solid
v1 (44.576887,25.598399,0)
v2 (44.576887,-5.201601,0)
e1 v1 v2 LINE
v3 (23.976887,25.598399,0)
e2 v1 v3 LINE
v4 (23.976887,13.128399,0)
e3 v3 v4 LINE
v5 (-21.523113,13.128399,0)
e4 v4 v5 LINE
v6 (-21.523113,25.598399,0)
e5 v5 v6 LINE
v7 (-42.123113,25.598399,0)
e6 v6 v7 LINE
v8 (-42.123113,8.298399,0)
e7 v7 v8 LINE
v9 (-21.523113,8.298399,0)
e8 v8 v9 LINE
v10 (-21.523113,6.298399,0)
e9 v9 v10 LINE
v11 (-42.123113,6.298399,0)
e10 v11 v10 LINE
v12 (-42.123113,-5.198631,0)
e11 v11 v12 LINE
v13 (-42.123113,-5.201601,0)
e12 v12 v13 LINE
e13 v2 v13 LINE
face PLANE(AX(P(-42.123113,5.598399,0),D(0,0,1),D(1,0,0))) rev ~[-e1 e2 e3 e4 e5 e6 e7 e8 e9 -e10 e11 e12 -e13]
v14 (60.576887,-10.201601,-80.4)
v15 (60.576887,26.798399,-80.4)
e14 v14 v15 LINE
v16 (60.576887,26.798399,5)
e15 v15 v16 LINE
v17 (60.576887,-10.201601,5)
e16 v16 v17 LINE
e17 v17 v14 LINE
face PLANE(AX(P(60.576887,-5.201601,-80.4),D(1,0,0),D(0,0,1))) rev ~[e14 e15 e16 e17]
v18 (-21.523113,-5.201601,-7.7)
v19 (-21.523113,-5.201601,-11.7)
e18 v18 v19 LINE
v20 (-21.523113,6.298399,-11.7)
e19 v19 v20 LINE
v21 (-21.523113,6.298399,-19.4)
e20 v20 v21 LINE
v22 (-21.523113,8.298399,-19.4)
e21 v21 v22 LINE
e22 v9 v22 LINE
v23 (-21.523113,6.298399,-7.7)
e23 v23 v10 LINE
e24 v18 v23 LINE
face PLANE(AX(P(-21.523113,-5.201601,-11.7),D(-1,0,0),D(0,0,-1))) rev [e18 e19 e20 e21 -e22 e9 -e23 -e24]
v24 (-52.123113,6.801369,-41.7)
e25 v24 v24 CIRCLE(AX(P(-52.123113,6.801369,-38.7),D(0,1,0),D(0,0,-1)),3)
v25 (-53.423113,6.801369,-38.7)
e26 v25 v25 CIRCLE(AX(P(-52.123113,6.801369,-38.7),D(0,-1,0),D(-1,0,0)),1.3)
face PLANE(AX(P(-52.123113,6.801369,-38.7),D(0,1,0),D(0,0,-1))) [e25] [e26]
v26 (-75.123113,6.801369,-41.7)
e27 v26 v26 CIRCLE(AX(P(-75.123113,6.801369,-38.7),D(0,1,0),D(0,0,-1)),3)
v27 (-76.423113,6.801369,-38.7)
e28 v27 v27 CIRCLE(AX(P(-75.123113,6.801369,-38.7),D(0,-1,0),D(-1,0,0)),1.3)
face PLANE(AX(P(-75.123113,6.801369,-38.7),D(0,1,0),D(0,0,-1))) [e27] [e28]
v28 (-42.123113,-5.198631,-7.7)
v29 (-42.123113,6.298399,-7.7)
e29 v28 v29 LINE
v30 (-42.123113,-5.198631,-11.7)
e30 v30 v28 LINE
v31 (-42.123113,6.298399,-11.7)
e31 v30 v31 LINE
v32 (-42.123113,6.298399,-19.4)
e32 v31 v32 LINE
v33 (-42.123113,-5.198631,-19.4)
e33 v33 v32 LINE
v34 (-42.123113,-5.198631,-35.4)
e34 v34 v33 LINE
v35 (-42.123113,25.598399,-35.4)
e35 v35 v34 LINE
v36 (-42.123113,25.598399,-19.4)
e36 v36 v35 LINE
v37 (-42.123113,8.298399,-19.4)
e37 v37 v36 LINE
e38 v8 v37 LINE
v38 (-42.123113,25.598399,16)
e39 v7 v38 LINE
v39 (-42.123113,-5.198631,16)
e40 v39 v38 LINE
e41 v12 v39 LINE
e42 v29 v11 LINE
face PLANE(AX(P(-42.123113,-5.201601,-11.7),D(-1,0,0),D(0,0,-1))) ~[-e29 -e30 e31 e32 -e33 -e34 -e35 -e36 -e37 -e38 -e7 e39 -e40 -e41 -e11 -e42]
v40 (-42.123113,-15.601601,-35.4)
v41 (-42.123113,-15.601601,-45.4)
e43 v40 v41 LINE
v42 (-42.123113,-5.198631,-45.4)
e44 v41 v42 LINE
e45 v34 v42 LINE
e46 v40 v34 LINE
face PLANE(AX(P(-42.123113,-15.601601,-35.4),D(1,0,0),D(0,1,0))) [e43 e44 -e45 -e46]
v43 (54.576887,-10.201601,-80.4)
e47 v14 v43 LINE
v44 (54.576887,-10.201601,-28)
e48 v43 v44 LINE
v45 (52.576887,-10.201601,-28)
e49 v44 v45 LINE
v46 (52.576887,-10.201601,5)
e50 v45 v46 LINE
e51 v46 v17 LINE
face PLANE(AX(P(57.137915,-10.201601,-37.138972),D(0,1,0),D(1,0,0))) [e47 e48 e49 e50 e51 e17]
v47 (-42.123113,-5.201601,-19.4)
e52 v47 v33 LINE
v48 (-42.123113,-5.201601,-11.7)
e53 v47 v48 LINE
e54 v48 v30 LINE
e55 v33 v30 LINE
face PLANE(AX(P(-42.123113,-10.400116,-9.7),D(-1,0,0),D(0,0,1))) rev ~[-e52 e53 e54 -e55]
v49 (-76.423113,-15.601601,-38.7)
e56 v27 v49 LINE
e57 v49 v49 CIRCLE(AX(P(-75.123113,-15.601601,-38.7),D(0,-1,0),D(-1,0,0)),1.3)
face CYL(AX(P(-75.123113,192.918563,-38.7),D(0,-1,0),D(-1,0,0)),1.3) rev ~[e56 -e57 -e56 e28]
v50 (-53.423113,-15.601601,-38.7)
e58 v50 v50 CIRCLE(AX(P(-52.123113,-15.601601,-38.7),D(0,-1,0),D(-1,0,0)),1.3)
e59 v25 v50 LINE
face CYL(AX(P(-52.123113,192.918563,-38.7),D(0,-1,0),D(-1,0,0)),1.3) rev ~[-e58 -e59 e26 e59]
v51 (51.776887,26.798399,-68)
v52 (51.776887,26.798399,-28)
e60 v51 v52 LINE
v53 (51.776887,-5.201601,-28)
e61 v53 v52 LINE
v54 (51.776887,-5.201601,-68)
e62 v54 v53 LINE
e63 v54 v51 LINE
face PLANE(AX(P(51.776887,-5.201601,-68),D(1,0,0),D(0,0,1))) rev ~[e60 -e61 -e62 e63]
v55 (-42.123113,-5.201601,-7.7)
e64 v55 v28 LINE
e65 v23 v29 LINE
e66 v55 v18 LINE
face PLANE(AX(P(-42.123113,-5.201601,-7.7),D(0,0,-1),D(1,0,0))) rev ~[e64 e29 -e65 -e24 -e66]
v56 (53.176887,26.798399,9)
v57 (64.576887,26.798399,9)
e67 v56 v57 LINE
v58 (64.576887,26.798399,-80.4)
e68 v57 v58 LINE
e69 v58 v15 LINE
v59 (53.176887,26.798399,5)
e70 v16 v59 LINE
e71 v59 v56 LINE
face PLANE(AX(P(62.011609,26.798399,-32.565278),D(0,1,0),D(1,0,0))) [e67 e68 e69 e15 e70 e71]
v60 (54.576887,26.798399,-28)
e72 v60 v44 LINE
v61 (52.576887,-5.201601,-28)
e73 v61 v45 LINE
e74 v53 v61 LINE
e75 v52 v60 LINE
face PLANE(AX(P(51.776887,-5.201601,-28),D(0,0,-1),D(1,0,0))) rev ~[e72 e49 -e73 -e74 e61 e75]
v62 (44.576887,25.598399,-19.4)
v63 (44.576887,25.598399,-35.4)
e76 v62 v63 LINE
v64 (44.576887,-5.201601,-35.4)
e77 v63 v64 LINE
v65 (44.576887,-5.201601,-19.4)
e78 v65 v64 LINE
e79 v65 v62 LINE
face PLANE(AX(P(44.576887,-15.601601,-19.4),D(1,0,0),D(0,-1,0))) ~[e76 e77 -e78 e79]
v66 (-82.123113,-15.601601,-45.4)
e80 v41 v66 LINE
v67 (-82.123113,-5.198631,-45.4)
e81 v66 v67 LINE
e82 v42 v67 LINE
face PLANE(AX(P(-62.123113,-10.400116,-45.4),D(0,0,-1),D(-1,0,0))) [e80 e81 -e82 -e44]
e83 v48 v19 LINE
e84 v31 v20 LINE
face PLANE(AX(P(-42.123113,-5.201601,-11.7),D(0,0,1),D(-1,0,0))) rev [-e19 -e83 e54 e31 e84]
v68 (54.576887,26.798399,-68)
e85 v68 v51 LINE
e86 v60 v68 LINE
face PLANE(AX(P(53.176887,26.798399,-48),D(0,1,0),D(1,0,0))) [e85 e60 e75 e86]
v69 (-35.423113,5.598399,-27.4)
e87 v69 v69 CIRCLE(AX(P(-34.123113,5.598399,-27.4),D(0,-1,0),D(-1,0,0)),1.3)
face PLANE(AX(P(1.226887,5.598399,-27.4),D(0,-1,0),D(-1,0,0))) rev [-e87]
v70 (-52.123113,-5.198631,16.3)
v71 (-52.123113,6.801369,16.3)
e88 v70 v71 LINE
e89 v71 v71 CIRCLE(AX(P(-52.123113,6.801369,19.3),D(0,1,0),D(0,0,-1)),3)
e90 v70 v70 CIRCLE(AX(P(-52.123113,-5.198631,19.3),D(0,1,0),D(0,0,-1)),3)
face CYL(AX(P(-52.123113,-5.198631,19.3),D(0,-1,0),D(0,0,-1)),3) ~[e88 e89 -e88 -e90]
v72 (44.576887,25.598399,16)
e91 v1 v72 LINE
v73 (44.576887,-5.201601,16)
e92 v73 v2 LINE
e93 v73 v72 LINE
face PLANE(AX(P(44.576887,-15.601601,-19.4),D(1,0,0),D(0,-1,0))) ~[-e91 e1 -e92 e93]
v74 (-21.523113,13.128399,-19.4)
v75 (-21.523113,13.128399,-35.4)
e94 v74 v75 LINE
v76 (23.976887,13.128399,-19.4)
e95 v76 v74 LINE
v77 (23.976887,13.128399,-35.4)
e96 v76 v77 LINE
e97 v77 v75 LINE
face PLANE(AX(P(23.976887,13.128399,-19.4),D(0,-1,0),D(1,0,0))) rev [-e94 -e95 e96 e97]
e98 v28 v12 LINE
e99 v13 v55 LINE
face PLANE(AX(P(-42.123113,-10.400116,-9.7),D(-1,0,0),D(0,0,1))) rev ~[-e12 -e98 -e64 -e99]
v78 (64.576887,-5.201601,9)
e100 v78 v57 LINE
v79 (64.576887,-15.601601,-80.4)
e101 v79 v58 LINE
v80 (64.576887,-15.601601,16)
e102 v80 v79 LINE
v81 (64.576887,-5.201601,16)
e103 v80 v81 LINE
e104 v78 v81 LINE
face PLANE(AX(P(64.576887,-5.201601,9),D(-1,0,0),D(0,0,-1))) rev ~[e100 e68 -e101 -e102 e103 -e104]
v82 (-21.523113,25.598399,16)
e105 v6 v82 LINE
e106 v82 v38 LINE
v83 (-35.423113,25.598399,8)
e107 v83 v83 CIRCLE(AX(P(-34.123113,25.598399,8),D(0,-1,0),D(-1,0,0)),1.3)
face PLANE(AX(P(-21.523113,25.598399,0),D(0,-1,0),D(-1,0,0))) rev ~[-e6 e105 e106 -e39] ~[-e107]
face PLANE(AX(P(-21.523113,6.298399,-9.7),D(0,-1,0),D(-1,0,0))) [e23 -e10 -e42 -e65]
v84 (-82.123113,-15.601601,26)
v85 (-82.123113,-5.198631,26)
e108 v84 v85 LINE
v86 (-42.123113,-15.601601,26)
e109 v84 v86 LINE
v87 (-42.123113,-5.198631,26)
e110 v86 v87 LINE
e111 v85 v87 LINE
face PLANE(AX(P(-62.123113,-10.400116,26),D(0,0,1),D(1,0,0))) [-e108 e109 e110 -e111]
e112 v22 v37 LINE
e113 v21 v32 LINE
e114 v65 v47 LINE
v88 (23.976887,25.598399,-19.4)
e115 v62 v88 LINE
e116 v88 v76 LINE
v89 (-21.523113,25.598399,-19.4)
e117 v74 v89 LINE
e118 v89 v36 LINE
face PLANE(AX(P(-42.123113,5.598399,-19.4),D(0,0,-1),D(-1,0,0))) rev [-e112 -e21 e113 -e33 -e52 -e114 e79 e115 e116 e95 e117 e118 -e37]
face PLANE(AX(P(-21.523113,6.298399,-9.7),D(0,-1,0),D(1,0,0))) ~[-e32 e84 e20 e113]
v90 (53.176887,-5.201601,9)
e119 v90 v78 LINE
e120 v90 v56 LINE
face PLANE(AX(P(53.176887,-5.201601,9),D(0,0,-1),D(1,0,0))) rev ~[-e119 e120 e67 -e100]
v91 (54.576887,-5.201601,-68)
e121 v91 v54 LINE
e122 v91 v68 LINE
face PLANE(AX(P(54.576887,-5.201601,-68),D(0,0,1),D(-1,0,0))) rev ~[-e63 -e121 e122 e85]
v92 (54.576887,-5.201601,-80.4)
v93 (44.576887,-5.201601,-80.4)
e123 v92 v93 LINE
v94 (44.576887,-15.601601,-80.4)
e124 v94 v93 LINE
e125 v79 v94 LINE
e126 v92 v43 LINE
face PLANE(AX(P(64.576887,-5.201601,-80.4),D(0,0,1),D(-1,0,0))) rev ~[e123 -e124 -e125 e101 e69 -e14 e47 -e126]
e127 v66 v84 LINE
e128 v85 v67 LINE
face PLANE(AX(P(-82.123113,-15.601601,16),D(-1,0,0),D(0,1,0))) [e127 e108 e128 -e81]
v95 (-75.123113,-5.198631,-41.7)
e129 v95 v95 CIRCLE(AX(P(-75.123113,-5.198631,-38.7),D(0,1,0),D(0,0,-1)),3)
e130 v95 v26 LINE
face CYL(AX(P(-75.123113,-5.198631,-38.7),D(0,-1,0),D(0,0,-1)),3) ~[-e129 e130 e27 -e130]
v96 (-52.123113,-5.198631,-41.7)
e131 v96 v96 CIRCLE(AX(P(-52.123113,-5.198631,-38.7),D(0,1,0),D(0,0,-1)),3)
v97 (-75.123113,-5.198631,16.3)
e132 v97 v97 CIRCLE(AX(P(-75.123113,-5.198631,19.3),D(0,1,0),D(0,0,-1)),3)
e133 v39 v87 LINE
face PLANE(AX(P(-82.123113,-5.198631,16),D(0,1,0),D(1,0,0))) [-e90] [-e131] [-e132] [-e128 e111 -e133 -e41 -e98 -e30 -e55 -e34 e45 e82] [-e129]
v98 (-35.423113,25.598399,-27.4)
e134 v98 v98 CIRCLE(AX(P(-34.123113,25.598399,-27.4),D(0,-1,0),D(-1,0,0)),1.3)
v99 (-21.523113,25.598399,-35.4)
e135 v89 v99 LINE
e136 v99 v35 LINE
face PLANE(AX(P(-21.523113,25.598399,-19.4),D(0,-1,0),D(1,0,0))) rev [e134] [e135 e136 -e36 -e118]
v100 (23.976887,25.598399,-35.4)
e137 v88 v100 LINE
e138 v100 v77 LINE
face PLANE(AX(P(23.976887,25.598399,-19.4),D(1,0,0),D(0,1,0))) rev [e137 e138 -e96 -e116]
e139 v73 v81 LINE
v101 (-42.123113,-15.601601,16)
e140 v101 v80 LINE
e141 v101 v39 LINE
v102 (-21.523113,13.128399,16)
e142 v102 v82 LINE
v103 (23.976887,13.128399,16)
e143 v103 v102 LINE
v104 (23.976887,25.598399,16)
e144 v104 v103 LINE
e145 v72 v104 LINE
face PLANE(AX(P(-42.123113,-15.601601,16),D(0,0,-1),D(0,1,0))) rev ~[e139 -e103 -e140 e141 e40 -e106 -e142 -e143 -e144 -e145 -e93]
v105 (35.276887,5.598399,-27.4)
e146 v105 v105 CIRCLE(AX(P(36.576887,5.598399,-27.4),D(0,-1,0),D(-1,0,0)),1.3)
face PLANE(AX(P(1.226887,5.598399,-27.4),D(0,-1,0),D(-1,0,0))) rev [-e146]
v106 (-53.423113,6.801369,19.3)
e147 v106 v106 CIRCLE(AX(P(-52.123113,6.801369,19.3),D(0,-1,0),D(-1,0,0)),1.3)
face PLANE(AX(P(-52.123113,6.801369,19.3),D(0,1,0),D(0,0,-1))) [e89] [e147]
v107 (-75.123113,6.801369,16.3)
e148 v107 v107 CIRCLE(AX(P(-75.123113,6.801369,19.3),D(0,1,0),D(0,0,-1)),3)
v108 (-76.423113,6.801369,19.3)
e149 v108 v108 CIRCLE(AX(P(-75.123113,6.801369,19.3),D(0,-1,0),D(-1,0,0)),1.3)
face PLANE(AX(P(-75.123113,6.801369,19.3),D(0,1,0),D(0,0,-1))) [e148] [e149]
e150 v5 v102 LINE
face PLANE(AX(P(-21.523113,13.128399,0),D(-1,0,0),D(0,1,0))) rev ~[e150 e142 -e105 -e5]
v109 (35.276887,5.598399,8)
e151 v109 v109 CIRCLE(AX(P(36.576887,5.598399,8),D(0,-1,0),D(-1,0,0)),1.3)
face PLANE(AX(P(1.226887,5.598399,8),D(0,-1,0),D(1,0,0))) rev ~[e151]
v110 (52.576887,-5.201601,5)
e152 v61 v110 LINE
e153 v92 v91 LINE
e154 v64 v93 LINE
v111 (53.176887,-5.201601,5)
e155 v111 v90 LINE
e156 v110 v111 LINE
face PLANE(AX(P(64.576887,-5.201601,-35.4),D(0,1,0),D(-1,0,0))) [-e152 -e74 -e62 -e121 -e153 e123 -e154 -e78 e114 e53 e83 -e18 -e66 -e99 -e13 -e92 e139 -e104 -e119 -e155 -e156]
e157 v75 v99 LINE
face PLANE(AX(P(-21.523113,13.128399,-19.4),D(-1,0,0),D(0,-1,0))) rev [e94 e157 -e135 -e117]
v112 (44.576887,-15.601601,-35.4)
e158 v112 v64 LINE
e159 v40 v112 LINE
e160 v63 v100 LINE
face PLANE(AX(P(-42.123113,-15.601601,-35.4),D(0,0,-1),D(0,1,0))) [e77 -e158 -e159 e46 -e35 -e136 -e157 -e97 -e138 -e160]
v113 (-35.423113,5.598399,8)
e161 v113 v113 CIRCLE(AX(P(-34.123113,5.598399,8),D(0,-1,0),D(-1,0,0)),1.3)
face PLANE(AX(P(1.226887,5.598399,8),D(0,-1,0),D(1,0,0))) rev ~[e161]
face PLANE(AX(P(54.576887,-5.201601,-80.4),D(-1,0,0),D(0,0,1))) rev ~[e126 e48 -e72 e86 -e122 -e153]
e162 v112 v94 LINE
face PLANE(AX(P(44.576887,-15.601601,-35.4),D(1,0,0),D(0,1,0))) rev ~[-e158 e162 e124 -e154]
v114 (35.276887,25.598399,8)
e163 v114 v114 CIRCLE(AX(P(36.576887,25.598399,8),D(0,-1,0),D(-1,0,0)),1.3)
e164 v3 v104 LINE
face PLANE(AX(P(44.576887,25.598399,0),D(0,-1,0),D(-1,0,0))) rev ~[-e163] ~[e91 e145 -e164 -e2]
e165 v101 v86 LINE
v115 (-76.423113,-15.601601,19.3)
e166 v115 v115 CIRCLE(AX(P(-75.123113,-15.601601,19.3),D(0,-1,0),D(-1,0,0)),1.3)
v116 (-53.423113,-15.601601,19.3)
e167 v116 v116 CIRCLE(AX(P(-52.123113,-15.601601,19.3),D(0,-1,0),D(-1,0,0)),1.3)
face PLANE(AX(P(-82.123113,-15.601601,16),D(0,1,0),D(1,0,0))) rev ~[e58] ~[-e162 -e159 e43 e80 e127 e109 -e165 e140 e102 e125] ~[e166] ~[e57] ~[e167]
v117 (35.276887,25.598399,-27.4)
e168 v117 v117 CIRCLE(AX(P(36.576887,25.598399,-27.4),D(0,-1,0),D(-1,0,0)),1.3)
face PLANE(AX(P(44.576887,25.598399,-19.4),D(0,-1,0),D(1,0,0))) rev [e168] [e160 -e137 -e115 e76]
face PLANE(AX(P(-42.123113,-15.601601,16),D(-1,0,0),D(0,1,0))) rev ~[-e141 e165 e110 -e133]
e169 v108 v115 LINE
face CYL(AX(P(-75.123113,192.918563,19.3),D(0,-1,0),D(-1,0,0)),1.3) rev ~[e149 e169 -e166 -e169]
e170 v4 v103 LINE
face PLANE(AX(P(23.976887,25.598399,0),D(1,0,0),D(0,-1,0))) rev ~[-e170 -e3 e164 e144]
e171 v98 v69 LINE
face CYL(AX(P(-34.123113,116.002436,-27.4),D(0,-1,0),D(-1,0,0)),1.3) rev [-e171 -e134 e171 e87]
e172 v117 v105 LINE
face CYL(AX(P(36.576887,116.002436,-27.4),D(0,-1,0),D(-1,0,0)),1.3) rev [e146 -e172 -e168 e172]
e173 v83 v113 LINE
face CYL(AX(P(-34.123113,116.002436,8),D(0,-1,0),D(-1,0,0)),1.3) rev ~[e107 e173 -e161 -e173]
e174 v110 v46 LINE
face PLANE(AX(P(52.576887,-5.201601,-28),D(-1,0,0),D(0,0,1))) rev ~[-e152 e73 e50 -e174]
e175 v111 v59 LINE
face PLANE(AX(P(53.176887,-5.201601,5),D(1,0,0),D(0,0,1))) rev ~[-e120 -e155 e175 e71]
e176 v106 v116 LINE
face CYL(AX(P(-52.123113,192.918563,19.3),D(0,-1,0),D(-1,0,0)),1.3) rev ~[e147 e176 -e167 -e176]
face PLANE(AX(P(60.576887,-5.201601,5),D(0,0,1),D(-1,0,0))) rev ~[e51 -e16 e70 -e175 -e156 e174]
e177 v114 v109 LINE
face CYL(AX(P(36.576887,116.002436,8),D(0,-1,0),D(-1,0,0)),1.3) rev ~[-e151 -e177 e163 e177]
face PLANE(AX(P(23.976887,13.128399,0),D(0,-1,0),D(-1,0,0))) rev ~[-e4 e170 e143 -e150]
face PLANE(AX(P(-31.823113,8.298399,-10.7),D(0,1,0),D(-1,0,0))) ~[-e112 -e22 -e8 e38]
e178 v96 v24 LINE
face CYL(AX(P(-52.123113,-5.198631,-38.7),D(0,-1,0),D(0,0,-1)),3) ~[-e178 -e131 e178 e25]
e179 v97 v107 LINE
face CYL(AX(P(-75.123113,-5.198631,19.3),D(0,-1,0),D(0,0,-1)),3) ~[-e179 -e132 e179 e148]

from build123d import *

# Parameters (mm, degrees)
EXTRUDE_1_DEPTH     = 16
F_1_0MM_1_D         = 2.6
F_1_0MM_2_D         = 2.6
SKETCH_8_W          = 86.7
SKETCH_8_H          = 16
EXTRUDE_2_DEPTH     = 21.2
SKETCH_9_W          = 86.7
SKETCH_9_H          = 10.4
EXTRUDE_3_DEPTH     = 9.7
SKETCH_15_W         = 20.6
SKETCH_15_H         = 2
EXTRUDE_8_DEPTH     = 13.5
SKETCH_16_W         = 20.6
SKETCH_16_H         = 2
EXTRUDE_9_DEPTH     = 10.5
SKETCH_19_W         = 51.4
SKETCH_19_H         = 10.4
EXTRUDE_10_DEPTH    = 20
SKETCH_25_W         = 20
SKETCH_25_H         = 10.4
EXTRUDE_11_DEPTH    = 45
EXTRUDE_12_DEPTH    = 32
CUT_EXTRUDE_1_DEPTH = 5
SKETCH_29_W         = 51.4
SKETCH_29_H         = 10.402970243
EXTRUDE_13_DEPTH    = 40
SKETCH_32_W         = 40
SKETCH_32_H         = 10.402970243
EXTRUDE_14_DEPTH    = 10
SKETCH_33_W         = 40
SKETCH_33_H         = 10.402970243
EXTRUDE_15_DEPTH    = 10
SKETCH_34_R         = 3
EXTRUDE_16_DEPTH    = 12
F_1_0MM_3_D         = 2.6
F_1_0MM_4_D         = 2.6


with BuildPart() as part:
    # 草图1 → 凸台-拉伸1 (new body)
    with BuildSketch(Plane.XY):
        Polygon((-21.523113208, 25.59839861), (-42.123113208, 25.59839861), (-42.123113208, 5.59839861), (44.576886792, 5.59839861), (44.576886792, 25.59839861), (23.976886792, 25.59839861), (23.976886792, 13.12839861), (-21.523113208, 13.12839861), align=None)
    extrude_1 = extrude(amount=EXTRUDE_1_DEPTH)

    # Ø1.0mm 暗销孔1 (through all)
    with Locations(Plane(origin=(0, 25.59839861, 0), x_dir=(1, 0, 0), z_dir=(0, 1, 0))):
        with Locations((36.576886792, -8)):
            f_1_0mm_1 = Hole(F_1_0MM_1_D / 2)

    # Ø1.0mm 暗销孔2 (through all)
    with Locations(Plane(origin=(0, 25.59839861, 0), x_dir=(1, 0, 0), z_dir=(0, 1, 0))):
        with Locations((-34.123113208, -8)):
            f_1_0mm_2 = Hole(F_1_0MM_2_D / 2)

    # 草图8 → 凸台-拉伸2 (add)
    with BuildSketch(Plane.XZ.offset(-5.59839861)):
        with Locations((1.226886792, 8)):
            Rectangle(SKETCH_8_W, SKETCH_8_H)
    extrude_2 = extrude(amount=EXTRUDE_2_DEPTH)

    # 草图9 → 凸台-拉伸3 (add)
    with BuildSketch(Plane(origin=(0, 0, 0), x_dir=(-1, 0, 0), z_dir=(0, 0, -1))):
        with Locations((-1.226886792, -10.40160139)):
            Rectangle(SKETCH_9_W, SKETCH_9_H)
    extrude_3 = extrude(amount=EXTRUDE_3_DEPTH)

    # 草图15 → 凸台-拉伸8 (add)
    with BuildSketch(Plane(origin=(0, -5.20160139, 0), x_dir=(1, 0, 0), z_dir=(0, 1, 0))):
        with Locations((-31.823113208, 8.7)):
            Rectangle(SKETCH_15_W, SKETCH_15_H)
    extrude_8 = extrude(amount=EXTRUDE_8_DEPTH)

    # 草图16 → 凸台-拉伸9 (add)
    with BuildSketch(Plane(origin=(0, 0, -9.7), x_dir=(-1, 0, 0), z_dir=(0, 0, -1))):
        with Locations((31.823113208, 7.29839861)):
            Rectangle(SKETCH_16_W, SKETCH_16_H)
    extrude_9 = extrude(amount=-EXTRUDE_9_DEPTH)

    # 镜向20: 凸台-拉伸1, Ø1.0mm 暗销孔1, Ø1.0mm 暗销孔2, 凸台-拉伸2, 凸台-拉伸3, 凸台-拉伸8, 凸台-拉伸9 across plane
    add(extrude_1.mirror(Plane.XY.offset(-9.7)))
    add(f_1_0mm_1.mirror(Plane.XY.offset(-9.7)), mode=Mode.SUBTRACT)
    add(f_1_0mm_2.mirror(Plane.XY.offset(-9.7)), mode=Mode.SUBTRACT)
    add(extrude_2.mirror(Plane.XY.offset(-9.7)))
    add(extrude_3.mirror(Plane.XY.offset(-9.7)))
    add(extrude_8.mirror(Plane.XY.offset(-9.7)))
    add(extrude_9.mirror(Plane.XY.offset(-9.7)))

    # 草图19 → 凸台-拉伸10 (add)
    with BuildSketch(Plane(origin=(44.576886792, 0, 0), x_dir=(0, 0, -1), z_dir=(1, 0, 0))):
        with Locations((9.7, -10.40160139)):
            Rectangle(SKETCH_19_W, SKETCH_19_H)
    extrude(amount=EXTRUDE_10_DEPTH)

    # 草图25 → 凸台-拉伸11 (add)
    with BuildSketch(Plane(origin=(0, 0, -35.4), x_dir=(-1, 0, 0), z_dir=(0, 0, -1))):
        with Locations((-54.576886792, -10.40160139)):
            Rectangle(SKETCH_25_W, SKETCH_25_H)
    extrude(amount=EXTRUDE_11_DEPTH)

    # 草图26 → 凸台-拉伸12 (add)
    with BuildSketch(Plane(origin=(0, -5.20160139, 0), x_dir=(1, 0, 0), z_dir=(0, 1, 0))):
        Polygon((53.176886792, -9), (64.576886792, -9), (64.576886792, -5), (64.576886792, 80.4), (60.576886792, 80.4), (60.576886792, -5), (53.176886792, -5), align=None)
        Polygon((53.176886792, 28), (54.576886792, 28), (54.576886792, 68), (53.176886792, 68), (51.776886792, 68), (51.776886792, 28), align=None)
    extrude(amount=EXTRUDE_12_DEPTH)

    # 草图28 → 切除-拉伸1 (cut)
    with BuildSketch(Plane(origin=(0, -5.20160139, 0), x_dir=(1, 0, 0), z_dir=(0, 1, 0))):
        Polygon((60.576886792, 80.4), (54.576886792, 80.4), (54.576886792, 28), (52.576886792, 28), (52.576886792, -5), (54.576886792, -5), (60.576886792, -5), (60.576886792, 28), align=None)
    extrude(amount=-CUT_EXTRUDE_1_DEPTH, mode=Mode.SUBTRACT)

    # 草图29 → 凸台-拉伸13 (add)
    with BuildSketch(Plane.ZY.offset(42.123113208)):
        with Locations((-9.7, -10.400116268)):
            Rectangle(SKETCH_29_W, SKETCH_29_H)
    extrude(amount=EXTRUDE_13_DEPTH)

    # 草图32 → 凸台-拉伸14 (add)
    with BuildSketch(Plane(origin=(0, 0, -35.4), x_dir=(-1, 0, 0), z_dir=(0, 0, -1))):
        with Locations((62.123113208, -10.400116268)):
            Rectangle(SKETCH_32_W, SKETCH_32_H)
    extrude(amount=EXTRUDE_14_DEPTH)

    # 草图33 → 凸台-拉伸15 (add)
    with BuildSketch(Plane.XY.offset(16)):
        with Locations((-62.123113208, -10.400116268)):
            Rectangle(SKETCH_33_W, SKETCH_33_H)
    extrude(amount=EXTRUDE_15_DEPTH)

    # 草图34 → 凸台-拉伸16 (add)
    with BuildSketch(Plane(origin=(0, -5.198631147, 0), x_dir=(1, 0, 0), z_dir=(0, 1, 0))):
        with Locations(Location((-52.123113208, 38.7, 0), (0, 0, 90))):
            Circle(SKETCH_34_R)
        with Locations(Location((-75.123113208, 38.7, 0), (0, 0, 90))):
            Circle(SKETCH_34_R)
        with Locations(Location((-52.123113208, -19.3, 0), (0, 0, 90))):
            Circle(SKETCH_34_R)
        with Locations(Location((-75.123113208, -19.3, 0), (0, 0, 90))):
            Circle(SKETCH_34_R)
    extrude(amount=EXTRUDE_16_DEPTH)

    # Ø1.0mm 暗销孔3 (through all)
    with Locations(Plane(origin=(0, 6.801368853, 0), x_dir=(1, 0, 0), z_dir=(0, 1, 0))):
        with Locations((-52.123113208, 38.7)):
            Hole(F_1_0MM_3_D / 2)

    # Ø1.0mm 暗销孔4 (through all)
    with Locations(Plane(origin=(0, 6.801368853, 0), x_dir=(1, 0, 0), z_dir=(0, 1, 0))):
        with Locations((-52.123113208, -19.3), (-75.123113208, 38.7), (-75.123113208, -19.3)):
            Hole(F_1_0MM_4_D / 2)


solid = part.part
